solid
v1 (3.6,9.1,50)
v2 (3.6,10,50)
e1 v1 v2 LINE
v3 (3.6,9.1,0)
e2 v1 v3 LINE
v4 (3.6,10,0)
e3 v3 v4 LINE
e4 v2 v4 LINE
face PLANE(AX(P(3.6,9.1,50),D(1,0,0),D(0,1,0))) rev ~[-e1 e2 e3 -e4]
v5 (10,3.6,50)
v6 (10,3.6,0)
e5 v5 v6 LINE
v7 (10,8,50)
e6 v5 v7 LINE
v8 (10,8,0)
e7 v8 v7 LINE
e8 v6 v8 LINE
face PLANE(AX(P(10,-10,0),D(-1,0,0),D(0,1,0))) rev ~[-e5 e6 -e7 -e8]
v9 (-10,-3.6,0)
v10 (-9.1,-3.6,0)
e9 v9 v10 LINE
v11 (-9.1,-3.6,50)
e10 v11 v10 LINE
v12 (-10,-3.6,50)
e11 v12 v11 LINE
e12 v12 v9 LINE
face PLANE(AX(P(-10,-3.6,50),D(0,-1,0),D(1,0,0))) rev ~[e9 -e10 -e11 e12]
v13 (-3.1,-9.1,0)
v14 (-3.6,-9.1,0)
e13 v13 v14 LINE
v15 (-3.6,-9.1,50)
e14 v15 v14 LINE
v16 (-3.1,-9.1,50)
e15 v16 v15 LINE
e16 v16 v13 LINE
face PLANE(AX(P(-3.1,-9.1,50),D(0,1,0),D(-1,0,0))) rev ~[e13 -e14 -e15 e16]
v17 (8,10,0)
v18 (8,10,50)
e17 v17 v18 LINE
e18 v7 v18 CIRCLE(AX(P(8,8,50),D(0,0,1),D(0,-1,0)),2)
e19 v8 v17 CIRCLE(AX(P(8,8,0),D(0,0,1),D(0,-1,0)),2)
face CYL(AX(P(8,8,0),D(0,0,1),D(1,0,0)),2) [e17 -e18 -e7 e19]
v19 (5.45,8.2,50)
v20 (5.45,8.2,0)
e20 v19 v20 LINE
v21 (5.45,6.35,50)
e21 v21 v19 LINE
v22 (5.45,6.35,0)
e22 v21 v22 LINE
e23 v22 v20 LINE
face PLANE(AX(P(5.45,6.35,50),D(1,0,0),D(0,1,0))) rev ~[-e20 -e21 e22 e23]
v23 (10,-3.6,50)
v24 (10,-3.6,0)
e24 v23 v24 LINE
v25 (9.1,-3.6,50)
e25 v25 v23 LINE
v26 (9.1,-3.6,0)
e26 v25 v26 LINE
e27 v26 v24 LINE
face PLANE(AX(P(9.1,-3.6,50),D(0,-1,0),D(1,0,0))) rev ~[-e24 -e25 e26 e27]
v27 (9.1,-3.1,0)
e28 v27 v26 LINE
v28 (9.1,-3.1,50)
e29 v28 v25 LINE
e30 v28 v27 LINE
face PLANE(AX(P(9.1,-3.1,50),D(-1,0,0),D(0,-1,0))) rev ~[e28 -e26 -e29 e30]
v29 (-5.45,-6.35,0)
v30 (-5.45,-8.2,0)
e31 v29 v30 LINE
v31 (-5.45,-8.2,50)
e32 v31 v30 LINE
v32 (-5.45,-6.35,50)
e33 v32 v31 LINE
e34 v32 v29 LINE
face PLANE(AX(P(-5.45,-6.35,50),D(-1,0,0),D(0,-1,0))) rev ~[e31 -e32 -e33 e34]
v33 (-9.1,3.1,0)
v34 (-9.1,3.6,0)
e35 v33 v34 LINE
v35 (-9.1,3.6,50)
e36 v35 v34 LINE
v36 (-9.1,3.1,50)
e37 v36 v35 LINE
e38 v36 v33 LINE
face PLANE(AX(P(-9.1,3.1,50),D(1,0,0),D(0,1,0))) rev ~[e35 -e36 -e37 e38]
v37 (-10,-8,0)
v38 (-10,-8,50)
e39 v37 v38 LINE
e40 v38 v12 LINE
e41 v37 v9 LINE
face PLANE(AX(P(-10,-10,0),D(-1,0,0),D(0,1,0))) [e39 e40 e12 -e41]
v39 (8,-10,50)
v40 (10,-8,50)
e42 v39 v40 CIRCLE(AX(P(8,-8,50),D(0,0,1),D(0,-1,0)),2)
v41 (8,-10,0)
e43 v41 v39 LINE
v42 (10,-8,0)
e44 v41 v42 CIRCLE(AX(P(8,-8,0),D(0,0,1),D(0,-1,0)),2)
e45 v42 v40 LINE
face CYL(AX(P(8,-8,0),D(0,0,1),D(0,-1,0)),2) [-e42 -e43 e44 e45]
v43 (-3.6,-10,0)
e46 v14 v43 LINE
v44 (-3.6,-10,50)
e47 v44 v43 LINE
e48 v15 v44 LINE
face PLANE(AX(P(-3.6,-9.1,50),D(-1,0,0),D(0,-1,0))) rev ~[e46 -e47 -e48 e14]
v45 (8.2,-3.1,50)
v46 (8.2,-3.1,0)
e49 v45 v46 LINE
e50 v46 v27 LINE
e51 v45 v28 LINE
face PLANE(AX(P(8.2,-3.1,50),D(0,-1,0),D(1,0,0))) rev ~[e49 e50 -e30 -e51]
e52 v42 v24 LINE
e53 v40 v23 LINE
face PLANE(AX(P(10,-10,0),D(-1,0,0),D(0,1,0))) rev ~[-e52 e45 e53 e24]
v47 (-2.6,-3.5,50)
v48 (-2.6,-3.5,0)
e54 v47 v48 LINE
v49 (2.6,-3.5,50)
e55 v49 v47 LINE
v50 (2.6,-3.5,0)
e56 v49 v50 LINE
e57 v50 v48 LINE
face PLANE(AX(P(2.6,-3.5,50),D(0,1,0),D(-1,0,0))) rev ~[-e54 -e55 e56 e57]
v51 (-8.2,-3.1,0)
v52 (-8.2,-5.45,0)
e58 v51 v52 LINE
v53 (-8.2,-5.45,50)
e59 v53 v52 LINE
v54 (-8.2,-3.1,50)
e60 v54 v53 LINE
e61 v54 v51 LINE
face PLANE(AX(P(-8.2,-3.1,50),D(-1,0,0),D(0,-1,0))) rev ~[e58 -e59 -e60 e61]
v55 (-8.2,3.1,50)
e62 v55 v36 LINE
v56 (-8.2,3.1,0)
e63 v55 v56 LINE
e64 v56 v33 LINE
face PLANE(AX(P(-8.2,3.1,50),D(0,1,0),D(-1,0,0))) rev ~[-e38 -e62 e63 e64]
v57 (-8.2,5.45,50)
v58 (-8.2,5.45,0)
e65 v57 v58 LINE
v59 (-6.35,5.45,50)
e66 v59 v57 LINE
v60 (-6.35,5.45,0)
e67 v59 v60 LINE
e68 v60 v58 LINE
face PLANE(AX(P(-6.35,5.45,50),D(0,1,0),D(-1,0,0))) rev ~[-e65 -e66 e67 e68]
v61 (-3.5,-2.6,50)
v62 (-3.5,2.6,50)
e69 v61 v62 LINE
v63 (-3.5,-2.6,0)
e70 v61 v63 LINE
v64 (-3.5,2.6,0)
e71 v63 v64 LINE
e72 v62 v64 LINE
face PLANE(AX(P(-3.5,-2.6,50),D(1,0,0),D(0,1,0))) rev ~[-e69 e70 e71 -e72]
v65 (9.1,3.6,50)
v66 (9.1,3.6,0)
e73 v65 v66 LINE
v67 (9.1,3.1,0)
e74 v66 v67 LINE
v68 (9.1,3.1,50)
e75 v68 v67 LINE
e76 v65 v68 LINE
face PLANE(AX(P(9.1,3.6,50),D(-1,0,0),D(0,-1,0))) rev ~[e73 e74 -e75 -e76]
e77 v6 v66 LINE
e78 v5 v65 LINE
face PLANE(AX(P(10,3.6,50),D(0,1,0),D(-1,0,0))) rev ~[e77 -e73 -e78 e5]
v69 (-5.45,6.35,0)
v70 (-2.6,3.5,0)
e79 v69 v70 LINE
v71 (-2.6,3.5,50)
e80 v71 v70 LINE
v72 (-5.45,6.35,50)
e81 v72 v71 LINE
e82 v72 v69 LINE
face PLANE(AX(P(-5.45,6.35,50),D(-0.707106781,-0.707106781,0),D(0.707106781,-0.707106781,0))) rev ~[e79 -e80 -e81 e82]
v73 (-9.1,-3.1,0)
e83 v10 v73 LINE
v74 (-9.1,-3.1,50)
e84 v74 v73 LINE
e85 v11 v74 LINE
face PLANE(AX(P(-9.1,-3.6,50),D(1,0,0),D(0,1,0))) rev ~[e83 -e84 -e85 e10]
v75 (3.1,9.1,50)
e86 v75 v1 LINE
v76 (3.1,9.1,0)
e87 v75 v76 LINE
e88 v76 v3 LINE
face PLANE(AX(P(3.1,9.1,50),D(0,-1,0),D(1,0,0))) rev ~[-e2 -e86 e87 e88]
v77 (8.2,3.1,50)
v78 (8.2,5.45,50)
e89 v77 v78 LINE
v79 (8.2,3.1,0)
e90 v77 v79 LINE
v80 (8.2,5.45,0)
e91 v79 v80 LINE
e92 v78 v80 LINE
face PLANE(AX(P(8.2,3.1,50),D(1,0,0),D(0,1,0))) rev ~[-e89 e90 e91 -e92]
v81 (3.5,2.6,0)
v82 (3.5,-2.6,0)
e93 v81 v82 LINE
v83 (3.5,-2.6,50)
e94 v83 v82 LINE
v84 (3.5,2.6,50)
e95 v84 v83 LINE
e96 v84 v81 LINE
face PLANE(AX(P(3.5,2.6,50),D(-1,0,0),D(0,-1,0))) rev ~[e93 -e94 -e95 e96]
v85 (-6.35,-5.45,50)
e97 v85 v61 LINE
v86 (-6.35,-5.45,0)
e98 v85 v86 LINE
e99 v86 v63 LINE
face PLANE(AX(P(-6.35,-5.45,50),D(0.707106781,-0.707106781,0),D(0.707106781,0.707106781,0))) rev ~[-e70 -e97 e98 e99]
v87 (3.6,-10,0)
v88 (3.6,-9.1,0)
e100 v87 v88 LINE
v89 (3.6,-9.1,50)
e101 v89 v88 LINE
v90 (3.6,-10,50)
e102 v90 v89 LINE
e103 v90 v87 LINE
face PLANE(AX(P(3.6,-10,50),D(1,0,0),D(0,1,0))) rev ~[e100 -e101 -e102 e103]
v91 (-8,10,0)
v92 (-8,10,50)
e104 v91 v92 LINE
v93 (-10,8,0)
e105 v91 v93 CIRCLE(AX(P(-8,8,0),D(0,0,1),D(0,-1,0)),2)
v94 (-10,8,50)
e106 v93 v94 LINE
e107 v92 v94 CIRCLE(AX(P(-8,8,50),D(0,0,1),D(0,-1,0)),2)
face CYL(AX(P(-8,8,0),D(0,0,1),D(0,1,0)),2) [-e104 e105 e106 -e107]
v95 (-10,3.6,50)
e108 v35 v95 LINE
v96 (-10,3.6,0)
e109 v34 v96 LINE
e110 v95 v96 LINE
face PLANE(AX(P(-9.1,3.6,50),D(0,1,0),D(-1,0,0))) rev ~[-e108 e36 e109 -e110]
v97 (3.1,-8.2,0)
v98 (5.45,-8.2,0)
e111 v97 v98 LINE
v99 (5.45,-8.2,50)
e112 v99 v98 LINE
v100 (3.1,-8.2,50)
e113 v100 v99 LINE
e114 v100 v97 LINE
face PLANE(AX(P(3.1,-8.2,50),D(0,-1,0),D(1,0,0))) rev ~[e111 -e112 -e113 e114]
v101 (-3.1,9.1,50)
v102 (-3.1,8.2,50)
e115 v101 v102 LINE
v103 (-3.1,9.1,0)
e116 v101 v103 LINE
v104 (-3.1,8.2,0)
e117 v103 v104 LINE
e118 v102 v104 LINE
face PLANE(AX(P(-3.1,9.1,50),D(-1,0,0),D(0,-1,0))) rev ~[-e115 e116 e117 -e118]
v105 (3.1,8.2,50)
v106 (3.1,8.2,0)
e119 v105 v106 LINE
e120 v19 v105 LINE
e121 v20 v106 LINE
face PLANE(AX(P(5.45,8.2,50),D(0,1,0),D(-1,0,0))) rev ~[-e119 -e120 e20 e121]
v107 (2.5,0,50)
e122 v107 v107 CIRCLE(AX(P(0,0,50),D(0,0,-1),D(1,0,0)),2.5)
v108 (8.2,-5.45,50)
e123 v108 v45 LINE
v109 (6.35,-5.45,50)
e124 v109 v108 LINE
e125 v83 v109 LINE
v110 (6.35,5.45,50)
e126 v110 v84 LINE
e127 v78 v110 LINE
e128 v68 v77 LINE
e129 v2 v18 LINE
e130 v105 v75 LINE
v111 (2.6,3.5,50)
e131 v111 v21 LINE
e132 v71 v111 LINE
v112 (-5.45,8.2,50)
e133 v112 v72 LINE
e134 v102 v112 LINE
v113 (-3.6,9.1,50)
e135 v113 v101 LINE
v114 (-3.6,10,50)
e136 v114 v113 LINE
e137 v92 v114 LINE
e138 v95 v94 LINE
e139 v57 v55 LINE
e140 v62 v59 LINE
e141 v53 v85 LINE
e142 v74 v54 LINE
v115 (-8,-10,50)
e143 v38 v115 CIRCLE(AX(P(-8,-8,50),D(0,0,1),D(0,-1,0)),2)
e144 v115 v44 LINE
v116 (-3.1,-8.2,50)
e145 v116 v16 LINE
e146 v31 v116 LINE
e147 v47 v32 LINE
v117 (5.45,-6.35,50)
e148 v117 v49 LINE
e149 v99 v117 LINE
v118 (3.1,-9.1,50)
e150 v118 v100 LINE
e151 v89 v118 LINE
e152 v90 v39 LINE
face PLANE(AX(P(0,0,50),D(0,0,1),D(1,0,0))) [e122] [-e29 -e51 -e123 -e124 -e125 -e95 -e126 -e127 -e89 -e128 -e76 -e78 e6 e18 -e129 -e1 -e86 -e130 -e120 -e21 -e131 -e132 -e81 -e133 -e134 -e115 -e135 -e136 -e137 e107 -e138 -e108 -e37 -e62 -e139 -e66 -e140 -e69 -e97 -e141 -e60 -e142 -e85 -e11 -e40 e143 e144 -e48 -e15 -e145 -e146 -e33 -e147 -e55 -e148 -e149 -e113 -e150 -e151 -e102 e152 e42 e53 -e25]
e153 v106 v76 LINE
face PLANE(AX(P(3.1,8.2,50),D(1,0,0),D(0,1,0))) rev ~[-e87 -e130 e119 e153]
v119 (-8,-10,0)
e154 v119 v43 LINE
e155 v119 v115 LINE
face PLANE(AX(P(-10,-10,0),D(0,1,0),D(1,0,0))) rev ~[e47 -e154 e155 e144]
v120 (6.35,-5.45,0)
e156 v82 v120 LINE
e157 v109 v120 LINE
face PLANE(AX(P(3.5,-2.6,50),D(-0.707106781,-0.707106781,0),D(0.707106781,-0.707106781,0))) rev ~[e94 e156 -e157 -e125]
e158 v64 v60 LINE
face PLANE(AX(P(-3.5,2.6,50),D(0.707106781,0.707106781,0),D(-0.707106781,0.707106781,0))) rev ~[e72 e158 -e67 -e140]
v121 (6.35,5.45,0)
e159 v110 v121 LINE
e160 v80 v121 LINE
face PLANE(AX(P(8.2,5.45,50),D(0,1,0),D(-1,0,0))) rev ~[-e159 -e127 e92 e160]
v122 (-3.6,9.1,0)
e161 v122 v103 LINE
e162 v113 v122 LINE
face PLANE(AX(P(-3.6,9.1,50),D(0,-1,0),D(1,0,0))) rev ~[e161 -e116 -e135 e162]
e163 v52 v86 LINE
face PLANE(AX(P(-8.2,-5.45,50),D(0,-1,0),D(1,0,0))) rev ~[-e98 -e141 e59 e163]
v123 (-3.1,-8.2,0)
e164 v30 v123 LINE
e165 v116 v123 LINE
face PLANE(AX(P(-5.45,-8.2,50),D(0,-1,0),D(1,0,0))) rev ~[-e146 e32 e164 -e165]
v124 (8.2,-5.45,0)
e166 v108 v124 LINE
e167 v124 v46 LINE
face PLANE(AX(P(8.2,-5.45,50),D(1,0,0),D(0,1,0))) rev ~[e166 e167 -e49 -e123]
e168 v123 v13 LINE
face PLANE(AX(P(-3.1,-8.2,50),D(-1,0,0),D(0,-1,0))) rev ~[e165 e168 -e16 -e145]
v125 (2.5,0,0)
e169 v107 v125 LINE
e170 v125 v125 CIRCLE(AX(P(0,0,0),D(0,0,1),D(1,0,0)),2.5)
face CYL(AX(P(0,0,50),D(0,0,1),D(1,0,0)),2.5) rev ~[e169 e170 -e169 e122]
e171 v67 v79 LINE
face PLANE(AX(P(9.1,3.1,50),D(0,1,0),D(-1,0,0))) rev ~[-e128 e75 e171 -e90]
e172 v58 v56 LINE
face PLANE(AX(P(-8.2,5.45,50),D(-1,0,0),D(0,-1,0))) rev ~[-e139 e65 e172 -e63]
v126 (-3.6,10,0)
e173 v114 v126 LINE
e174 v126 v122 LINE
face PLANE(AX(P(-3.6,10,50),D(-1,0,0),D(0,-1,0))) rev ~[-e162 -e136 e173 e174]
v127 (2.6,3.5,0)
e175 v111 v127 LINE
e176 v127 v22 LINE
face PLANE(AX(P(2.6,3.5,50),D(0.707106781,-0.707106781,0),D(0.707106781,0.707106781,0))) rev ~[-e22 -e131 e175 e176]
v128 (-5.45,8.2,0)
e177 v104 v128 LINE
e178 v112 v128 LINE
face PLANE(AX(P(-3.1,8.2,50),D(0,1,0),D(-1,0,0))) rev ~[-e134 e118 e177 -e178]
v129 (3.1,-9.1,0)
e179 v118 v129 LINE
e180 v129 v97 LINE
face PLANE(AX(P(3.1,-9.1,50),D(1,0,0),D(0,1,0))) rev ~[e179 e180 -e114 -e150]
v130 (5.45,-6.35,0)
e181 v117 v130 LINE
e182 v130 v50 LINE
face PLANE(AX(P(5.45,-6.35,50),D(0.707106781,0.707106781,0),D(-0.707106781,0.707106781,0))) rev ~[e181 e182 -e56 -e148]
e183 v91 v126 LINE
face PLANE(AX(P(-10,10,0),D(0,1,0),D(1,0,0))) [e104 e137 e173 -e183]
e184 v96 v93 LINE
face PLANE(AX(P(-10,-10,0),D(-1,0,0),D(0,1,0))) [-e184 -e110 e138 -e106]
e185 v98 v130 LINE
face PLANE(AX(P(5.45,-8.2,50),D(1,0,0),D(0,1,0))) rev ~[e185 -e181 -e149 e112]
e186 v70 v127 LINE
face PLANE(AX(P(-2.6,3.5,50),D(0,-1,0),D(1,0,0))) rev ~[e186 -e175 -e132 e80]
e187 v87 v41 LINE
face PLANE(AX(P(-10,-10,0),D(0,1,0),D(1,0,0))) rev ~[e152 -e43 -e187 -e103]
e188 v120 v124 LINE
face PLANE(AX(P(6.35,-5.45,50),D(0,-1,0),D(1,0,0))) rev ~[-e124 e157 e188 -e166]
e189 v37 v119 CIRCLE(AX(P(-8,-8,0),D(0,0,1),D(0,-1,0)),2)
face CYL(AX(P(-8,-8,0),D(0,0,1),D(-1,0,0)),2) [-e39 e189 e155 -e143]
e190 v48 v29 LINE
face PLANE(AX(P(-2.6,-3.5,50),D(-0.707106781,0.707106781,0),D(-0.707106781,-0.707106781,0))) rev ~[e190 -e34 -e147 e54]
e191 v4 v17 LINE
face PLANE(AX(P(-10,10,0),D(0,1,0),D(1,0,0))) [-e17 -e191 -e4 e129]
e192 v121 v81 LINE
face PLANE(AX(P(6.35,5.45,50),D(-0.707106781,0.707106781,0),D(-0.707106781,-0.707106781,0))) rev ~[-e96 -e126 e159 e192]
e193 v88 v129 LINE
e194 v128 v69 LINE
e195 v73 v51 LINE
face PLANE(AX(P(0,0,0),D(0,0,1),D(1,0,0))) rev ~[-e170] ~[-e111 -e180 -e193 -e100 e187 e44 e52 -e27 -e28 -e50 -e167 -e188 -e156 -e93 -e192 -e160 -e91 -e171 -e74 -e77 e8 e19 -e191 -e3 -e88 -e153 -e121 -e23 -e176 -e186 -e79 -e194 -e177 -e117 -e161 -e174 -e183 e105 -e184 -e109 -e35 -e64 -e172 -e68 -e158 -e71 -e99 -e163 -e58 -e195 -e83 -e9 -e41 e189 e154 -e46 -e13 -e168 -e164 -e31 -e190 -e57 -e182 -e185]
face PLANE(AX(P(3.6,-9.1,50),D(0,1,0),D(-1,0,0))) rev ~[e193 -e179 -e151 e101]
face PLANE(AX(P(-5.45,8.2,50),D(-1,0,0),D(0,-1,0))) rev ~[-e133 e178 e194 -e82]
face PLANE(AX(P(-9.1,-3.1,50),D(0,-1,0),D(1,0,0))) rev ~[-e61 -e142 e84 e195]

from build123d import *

# Parameters (mm, degrees)
SKETCH_1_W               = 20
SKETCH_1_H               = 20
EXTRUDE_1_DEPTH          = 50
SKETCH_2_R               = 2.5
CUT_EXTRUDE_1_DEPTH      = 52.961524227
PATTERN_CIRCULAR_1_COUNT = 4
FILLET_1_R               = 2


with BuildPart() as part:
    # 草图1 → 凸台-拉伸1 (new body)
    with BuildSketch(Plane.XY):
        Rectangle(SKETCH_1_W, SKETCH_1_H)
    extrude(amount=EXTRUDE_1_DEPTH)

    # 草图2 → 切除-拉伸1 (cut, through all)
    with BuildSketch(Plane.XY.offset(50)):
        Polygon((-9.1, -3.1), (-8.2, -3.1), (-8.2, -5.45), (-6.35, -5.45), (-3.5, -2.6), (-3.5, 2.6), (-6.35, 5.45), (-8.2, 5.45), (-8.2, 3.1), (-9.1, 3.1), (-9.1, 3.6), (-10, 3.6), (-10, -3.6), (-9.1, -3.6), align=None)
        Circle(SKETCH_2_R)
    cut_extrude_1 = extrude(amount=-CUT_EXTRUDE_1_DEPTH, mode=Mode.SUBTRACT)

    # 阵列(圆周)1: 切除-拉伸1 ×4 about axis
    pattern_circular_1_axis = Axis((0, 0, 0), (0, 0, 1))
    for i in range(1, PATTERN_CIRCULAR_1_COUNT):
        add(cut_extrude_1.rotate(pattern_circular_1_axis, i * 360 / PATTERN_CIRCULAR_1_COUNT), mode=Mode.SUBTRACT)

    # 圆角1
    fillet_1_edges = [part.edges().sort_by_distance(p)[0] for p in [
        (10, -10, 25),
        (-10, -10, 25),
        (-10, 10, 25),
        (10, 10, 25),
    ]]
    fillet(fillet_1_edges, radius=FILLET_1_R)


solid = part.part
